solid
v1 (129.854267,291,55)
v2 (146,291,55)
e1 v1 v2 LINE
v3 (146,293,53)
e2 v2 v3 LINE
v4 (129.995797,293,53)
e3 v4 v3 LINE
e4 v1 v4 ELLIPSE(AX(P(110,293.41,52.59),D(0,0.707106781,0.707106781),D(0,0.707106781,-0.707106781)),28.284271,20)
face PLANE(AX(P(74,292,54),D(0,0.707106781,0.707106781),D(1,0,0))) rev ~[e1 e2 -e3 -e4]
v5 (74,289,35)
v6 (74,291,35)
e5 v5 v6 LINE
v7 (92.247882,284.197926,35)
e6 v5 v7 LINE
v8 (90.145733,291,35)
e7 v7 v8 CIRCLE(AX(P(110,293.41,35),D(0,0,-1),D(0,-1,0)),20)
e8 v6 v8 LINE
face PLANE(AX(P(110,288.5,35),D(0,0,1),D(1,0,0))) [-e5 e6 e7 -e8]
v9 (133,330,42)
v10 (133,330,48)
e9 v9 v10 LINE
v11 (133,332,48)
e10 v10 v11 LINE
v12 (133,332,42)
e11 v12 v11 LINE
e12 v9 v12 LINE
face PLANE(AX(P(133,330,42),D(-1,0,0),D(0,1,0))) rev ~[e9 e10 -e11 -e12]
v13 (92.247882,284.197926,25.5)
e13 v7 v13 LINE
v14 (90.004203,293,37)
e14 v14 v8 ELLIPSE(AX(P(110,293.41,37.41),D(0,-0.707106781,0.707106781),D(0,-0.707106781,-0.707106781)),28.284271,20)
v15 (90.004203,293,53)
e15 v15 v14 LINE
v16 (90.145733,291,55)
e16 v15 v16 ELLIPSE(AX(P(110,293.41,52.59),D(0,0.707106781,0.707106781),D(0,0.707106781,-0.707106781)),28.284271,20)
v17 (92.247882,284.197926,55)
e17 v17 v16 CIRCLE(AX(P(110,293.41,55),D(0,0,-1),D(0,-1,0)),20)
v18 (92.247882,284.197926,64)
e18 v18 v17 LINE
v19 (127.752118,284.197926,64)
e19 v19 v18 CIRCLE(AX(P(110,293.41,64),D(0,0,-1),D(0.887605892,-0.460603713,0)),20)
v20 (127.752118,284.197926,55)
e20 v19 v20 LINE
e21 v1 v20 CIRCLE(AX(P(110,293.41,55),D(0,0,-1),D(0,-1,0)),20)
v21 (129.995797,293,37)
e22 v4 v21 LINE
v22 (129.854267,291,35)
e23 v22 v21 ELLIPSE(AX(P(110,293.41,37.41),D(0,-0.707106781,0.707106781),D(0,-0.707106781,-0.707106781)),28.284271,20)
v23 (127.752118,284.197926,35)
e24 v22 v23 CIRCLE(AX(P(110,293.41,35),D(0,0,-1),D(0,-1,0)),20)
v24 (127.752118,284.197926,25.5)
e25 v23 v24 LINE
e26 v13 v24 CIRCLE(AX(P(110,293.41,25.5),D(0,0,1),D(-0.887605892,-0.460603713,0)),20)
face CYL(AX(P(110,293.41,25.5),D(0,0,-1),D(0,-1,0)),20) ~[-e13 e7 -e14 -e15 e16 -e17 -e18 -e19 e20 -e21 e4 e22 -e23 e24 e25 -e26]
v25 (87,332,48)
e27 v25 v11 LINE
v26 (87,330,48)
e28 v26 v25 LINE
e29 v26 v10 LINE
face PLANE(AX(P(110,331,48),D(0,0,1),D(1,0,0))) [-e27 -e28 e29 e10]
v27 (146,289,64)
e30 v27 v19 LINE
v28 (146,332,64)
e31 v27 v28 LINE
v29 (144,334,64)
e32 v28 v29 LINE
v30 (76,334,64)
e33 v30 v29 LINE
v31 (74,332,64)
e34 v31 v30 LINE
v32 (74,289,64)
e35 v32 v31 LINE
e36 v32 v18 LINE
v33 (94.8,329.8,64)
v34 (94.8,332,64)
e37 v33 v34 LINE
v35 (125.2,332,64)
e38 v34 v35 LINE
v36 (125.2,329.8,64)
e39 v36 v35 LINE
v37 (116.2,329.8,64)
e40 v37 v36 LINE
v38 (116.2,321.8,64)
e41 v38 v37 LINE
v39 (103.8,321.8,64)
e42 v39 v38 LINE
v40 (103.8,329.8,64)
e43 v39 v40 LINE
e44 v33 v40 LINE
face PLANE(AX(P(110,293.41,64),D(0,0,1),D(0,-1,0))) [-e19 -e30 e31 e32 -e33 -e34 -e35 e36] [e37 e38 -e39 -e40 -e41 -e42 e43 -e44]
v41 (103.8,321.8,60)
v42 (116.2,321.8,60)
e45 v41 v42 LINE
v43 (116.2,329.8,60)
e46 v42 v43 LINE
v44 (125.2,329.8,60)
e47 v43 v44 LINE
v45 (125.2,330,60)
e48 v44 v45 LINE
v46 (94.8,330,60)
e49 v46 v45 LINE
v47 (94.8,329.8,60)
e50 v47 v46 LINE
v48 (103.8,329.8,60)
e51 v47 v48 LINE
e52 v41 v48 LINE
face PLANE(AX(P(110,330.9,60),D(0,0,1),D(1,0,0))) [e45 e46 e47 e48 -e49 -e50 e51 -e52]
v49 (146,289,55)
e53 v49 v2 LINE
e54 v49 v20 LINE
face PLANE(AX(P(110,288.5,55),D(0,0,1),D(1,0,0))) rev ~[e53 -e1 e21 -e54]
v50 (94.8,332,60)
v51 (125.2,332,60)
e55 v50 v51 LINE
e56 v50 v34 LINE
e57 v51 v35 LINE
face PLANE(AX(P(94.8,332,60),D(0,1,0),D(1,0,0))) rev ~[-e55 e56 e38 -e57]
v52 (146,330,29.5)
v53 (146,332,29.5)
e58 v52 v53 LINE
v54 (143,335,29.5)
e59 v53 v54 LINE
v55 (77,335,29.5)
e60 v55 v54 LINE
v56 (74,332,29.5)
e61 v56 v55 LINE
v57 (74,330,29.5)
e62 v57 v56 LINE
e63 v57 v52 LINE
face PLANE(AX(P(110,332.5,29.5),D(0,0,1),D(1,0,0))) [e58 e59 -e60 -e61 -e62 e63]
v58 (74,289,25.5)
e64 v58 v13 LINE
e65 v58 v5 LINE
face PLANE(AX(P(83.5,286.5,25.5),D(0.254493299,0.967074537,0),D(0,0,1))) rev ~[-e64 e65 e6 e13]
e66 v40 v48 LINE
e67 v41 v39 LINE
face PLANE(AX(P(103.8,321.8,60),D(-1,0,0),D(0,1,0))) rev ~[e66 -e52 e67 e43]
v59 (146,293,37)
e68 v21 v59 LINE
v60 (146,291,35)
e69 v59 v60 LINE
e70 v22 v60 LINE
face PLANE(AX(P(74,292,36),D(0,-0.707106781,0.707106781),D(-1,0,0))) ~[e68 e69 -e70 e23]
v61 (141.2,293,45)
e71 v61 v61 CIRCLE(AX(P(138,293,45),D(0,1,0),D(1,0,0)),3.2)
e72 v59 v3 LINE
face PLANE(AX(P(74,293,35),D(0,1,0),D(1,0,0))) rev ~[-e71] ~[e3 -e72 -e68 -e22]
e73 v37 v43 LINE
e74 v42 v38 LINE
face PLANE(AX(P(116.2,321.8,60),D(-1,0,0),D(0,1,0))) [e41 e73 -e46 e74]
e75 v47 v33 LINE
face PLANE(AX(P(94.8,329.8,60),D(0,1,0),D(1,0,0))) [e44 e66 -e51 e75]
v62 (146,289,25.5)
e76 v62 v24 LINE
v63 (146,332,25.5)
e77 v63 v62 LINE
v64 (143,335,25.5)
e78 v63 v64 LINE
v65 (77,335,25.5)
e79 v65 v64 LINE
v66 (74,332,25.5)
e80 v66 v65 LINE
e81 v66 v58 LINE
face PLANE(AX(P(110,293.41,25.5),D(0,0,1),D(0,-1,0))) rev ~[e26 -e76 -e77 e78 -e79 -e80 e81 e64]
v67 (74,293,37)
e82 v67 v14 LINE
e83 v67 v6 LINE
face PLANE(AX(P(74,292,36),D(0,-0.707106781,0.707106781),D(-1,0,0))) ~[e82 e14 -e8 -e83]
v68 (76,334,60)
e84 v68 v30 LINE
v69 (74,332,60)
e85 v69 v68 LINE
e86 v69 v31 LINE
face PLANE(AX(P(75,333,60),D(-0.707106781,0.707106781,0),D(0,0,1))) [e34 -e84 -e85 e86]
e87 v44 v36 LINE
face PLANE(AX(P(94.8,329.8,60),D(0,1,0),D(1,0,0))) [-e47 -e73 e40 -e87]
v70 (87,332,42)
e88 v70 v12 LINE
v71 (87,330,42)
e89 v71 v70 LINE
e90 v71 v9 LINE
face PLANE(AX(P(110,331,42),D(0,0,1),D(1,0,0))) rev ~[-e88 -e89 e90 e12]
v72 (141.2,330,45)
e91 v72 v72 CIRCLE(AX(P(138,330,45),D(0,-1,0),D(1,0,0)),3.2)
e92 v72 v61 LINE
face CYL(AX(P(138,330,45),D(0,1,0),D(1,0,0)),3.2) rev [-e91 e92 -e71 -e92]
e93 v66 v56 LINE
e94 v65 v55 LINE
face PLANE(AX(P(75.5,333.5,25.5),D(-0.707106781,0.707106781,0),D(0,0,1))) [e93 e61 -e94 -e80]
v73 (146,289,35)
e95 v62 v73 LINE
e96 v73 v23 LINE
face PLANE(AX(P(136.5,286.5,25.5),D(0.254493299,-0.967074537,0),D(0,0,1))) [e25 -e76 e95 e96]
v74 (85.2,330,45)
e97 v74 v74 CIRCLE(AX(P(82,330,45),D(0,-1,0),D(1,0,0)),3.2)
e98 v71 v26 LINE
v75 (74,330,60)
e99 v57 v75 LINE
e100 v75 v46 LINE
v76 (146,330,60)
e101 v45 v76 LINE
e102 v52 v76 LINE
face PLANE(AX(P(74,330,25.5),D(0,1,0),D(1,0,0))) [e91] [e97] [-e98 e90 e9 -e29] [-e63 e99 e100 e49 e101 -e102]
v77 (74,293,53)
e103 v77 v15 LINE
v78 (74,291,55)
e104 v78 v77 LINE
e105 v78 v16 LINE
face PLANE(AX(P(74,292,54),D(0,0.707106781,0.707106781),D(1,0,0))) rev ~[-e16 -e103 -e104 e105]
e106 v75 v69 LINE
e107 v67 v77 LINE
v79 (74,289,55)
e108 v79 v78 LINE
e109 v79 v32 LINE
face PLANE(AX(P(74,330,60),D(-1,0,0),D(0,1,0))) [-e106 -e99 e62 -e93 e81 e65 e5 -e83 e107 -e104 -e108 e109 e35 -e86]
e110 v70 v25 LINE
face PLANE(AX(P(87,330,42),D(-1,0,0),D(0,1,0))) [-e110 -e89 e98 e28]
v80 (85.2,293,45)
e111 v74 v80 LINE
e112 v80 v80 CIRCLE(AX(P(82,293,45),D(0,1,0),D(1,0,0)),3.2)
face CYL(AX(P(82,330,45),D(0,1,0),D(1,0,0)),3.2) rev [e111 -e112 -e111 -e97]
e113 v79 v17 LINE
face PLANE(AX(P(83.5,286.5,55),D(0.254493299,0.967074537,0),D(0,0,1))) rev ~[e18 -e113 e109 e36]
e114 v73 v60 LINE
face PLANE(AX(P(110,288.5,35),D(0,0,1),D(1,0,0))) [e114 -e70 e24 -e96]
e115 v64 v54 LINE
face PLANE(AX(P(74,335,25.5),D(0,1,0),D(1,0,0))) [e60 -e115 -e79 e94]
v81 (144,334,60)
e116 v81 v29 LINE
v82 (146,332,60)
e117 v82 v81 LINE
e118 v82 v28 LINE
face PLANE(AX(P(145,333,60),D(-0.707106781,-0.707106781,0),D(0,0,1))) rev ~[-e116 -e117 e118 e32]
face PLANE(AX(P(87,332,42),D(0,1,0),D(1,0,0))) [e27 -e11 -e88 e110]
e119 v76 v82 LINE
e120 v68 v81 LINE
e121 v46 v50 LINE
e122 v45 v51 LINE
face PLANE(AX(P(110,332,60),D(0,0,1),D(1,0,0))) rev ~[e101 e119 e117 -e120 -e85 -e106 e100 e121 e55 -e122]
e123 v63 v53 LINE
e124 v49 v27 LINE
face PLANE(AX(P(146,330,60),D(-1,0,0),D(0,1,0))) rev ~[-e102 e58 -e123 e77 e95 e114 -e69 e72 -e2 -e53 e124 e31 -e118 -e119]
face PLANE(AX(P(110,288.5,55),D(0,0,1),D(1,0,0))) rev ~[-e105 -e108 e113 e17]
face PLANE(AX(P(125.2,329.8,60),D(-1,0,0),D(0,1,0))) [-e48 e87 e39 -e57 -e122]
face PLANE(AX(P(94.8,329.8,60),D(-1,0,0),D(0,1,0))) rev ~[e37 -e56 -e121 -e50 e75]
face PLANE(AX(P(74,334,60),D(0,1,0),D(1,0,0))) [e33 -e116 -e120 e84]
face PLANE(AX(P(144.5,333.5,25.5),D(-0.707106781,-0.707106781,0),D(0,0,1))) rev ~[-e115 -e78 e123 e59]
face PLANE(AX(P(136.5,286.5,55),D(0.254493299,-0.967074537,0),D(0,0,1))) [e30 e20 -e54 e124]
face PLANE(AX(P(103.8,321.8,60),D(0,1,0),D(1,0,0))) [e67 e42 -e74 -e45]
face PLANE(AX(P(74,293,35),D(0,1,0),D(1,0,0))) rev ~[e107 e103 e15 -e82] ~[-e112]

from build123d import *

# Parameters (mm, degrees)
BOX022_W          = 30.4
BOX022_H          = 2.2
BOX022_DEPTH      = 4
BOX023_W          = 12.4
BOX023_H          = 10
BOX023_DEPTH      = 4
CYLINDER036_R     = 3.2
CYLINDER036_DEPTH = 46
CYLINDER035_R     = 3.2
CYLINDER035_DEPTH = 46
CYLINDER034_R     = 20
CYLINDER034_DEPTH = 38.5
BOX020_W          = 72
BOX020_H          = 9
BOX020_DEPTH      = 20
BOX019_W          = 72
BOX019_H          = 5
BOX019_DEPTH      = 4
BOX021_W          = 46
BOX021_H          = 2
BOX021_DEPTH      = 6
BOX018_W          = 72
BOX018_H          = 4
BOX018_DEPTH      = 4
BOX017_W          = 72
BOX017_H          = 46
BOX017_DEPTH      = 38.5
CHAMFER038_SIZE   = 2
CHAMFER039_SIZE2  = 19
CHAMFER039_SIZE   = 5
CHAMFER040_SIZE2  = 19
CHAMFER040_SIZE   = 5
CHAMFER041_SIZE2  = 19
CHAMFER041_SIZE   = 5
CHAMFER046_SIZE   = 2
CHAMFER047_SIZE   = 3


with BuildPart() as cube022:
    # Box022 → Box022 (new body)
    with BuildSketch(Plane(origin=(94.8, 329.8, 60), x_dir=(1, 0, 0), z_dir=(0, 0, 1))):
        with Locations((15.2, 1.1)):
            Rectangle(BOX022_W, BOX022_H)
    extrude(amount=BOX022_DEPTH)


with BuildPart() as fusion008004:
    # Box023 → Box023 (new body)
    with BuildSketch(Plane(origin=(103.8, 321.8, 60), x_dir=(1, 0, 0), z_dir=(0, 0, 1))):
        with Locations((6.2, 5)):
            Rectangle(BOX023_W, BOX023_H)
    extrude(amount=BOX023_DEPTH)

    # Fusion008004: union Cube022
    add(cube022.part)


with BuildPart() as cylinder011:
    # Cylinder036 → Cylinder036 (new body)
    with BuildSketch(Plane(origin=(138, 330, 45), x_dir=(1, 0, 0), z_dir=(0, -1, 0))):
        Circle(CYLINDER036_R)
    extrude(amount=CYLINDER036_DEPTH)


with BuildPart() as fusion008016:
    # Cylinder035 → Cylinder035 (new body)
    with BuildSketch(Plane(origin=(82, 330, 45), x_dir=(1, 0, 0), z_dir=(0, -1, 0))):
        Circle(CYLINDER035_R)
    extrude(amount=CYLINDER035_DEPTH)

    # Fusion008016: union Cylinder011
    add(cylinder011.part)


with BuildPart() as cylinder009:
    # Cylinder034 → Cylinder034 (new body)
    with BuildSketch(Plane(origin=(110, 293.41, 25.5), x_dir=(0, -1, 0), z_dir=(0, 0, 1))):
        Circle(CYLINDER034_R)
    extrude(amount=CYLINDER034_DEPTH)


with BuildPart() as cube020:
    # Box020 → Box020 (new body)
    with BuildSketch(Plane(origin=(74, 284, 35), x_dir=(1, 0, 0), z_dir=(0, 0, 1))):
        with Locations((36, 4.5)):
            Rectangle(BOX020_W, BOX020_H)
    extrude(amount=BOX020_DEPTH)


with BuildPart() as cube019:
    # Box019 → Box019 (new body)
    with BuildSketch(Plane(origin=(74, 330, 25.5), x_dir=(1, 0, 0), z_dir=(0, 0, 1))):
        with Locations((36, 2.5)):
            Rectangle(BOX019_W, BOX019_H)
    extrude(amount=BOX019_DEPTH)


with BuildPart() as cube021:
    # Box021 → Box021 (new body)
    with BuildSketch(Plane(origin=(87, 330, 42), x_dir=(1, 0, 0), z_dir=(0, 0, 1))):
        with Locations((23, 1)):
            Rectangle(BOX021_W, BOX021_H)
    extrude(amount=BOX021_DEPTH)


with BuildPart() as cube018:
    # Box018 → Box018 (new body)
    with BuildSketch(Plane(origin=(74, 330, 60), x_dir=(1, 0, 0), z_dir=(0, 0, 1))):
        with Locations((36, 2)):
            Rectangle(BOX018_W, BOX018_H)
    extrude(amount=BOX018_DEPTH)


with BuildPart() as chamfer047:
    # Box017 → Box017 (new body)
    with BuildSketch(Plane(origin=(74, 284, 25.5), x_dir=(1, 0, 0), z_dir=(0, 0, 1))):
        with Locations((36, 23)):
            Rectangle(BOX017_W, BOX017_H)
    extrude(amount=BOX017_DEPTH)

    # Fusion008017: union Cube019, Cube021, Cube018
    add(cube019.part)
    add(cube021.part)
    add(cube018.part)

    # Cut002003021004: cut Cube020
    add(cube020.part, mode=Mode.SUBTRACT)

    # Chamfer038
    chamfer038_edges = [chamfer047.edges().sort_by_distance(p)[0] for p in [
        (110, 293, 35),
        (110, 293, 55),
    ]]
    chamfer(chamfer038_edges, length=CHAMFER038_SIZE)

    # Chamfer039
    chamfer039_edges = [chamfer047.edges().sort_by_distance(p)[0] for p in [
        (74, 284, 30.25),
        (74, 284, 59.5),
    ]]
    chamfer039_side = chamfer047.faces().sort_by_distance((74, 309.050993, 44.722414))[0]
    chamfer(chamfer039_edges, length=CHAMFER039_SIZE, length2=CHAMFER039_SIZE2, reference=chamfer039_side)

    # Chamfer040
    chamfer040_edges = [chamfer047.edges().sort_by_distance(p)[0] for p in [
        (146, 284, 59.5),
    ]]
    chamfer040_side = chamfer047.faces().sort_by_distance((146, 309.050993, 44.722414))[0]
    chamfer(chamfer040_edges, length=CHAMFER040_SIZE, length2=CHAMFER040_SIZE2, reference=chamfer040_side)

    # Chamfer041
    chamfer041_edges = [chamfer047.edges().sort_by_distance(p)[0] for p in [
        (146, 284, 30.25),
    ]]
    chamfer041_side = chamfer047.faces().sort_by_distance((146, 309.705699, 44.293387))[0]
    chamfer(chamfer041_edges, length=CHAMFER041_SIZE, length2=CHAMFER041_SIZE2, reference=chamfer041_side)

    # Fusion008018: union Cylinder009
    add(cylinder009.part)

    # Cut002003021005: cut Fusion008016
    add(fusion008016.part, mode=Mode.SUBTRACT)

    # Cut002003021006: cut Fusion008004
    add(fusion008004.part, mode=Mode.SUBTRACT)

    # Chamfer046
    chamfer046_edges = [chamfer047.edges().sort_by_distance(p)[0] for p in [
        (74, 334, 62),
        (146, 334, 62),
    ]]
    chamfer(chamfer046_edges, length=CHAMFER046_SIZE)

    # Chamfer047
    chamfer047_edges = [chamfer047.edges().sort_by_distance(p)[0] for p in [
        (74, 335, 27.5),
        (146, 335, 27.5),
    ]]
    chamfer(chamfer047_edges, length=CHAMFER047_SIZE)


solid = chamfer047.part
